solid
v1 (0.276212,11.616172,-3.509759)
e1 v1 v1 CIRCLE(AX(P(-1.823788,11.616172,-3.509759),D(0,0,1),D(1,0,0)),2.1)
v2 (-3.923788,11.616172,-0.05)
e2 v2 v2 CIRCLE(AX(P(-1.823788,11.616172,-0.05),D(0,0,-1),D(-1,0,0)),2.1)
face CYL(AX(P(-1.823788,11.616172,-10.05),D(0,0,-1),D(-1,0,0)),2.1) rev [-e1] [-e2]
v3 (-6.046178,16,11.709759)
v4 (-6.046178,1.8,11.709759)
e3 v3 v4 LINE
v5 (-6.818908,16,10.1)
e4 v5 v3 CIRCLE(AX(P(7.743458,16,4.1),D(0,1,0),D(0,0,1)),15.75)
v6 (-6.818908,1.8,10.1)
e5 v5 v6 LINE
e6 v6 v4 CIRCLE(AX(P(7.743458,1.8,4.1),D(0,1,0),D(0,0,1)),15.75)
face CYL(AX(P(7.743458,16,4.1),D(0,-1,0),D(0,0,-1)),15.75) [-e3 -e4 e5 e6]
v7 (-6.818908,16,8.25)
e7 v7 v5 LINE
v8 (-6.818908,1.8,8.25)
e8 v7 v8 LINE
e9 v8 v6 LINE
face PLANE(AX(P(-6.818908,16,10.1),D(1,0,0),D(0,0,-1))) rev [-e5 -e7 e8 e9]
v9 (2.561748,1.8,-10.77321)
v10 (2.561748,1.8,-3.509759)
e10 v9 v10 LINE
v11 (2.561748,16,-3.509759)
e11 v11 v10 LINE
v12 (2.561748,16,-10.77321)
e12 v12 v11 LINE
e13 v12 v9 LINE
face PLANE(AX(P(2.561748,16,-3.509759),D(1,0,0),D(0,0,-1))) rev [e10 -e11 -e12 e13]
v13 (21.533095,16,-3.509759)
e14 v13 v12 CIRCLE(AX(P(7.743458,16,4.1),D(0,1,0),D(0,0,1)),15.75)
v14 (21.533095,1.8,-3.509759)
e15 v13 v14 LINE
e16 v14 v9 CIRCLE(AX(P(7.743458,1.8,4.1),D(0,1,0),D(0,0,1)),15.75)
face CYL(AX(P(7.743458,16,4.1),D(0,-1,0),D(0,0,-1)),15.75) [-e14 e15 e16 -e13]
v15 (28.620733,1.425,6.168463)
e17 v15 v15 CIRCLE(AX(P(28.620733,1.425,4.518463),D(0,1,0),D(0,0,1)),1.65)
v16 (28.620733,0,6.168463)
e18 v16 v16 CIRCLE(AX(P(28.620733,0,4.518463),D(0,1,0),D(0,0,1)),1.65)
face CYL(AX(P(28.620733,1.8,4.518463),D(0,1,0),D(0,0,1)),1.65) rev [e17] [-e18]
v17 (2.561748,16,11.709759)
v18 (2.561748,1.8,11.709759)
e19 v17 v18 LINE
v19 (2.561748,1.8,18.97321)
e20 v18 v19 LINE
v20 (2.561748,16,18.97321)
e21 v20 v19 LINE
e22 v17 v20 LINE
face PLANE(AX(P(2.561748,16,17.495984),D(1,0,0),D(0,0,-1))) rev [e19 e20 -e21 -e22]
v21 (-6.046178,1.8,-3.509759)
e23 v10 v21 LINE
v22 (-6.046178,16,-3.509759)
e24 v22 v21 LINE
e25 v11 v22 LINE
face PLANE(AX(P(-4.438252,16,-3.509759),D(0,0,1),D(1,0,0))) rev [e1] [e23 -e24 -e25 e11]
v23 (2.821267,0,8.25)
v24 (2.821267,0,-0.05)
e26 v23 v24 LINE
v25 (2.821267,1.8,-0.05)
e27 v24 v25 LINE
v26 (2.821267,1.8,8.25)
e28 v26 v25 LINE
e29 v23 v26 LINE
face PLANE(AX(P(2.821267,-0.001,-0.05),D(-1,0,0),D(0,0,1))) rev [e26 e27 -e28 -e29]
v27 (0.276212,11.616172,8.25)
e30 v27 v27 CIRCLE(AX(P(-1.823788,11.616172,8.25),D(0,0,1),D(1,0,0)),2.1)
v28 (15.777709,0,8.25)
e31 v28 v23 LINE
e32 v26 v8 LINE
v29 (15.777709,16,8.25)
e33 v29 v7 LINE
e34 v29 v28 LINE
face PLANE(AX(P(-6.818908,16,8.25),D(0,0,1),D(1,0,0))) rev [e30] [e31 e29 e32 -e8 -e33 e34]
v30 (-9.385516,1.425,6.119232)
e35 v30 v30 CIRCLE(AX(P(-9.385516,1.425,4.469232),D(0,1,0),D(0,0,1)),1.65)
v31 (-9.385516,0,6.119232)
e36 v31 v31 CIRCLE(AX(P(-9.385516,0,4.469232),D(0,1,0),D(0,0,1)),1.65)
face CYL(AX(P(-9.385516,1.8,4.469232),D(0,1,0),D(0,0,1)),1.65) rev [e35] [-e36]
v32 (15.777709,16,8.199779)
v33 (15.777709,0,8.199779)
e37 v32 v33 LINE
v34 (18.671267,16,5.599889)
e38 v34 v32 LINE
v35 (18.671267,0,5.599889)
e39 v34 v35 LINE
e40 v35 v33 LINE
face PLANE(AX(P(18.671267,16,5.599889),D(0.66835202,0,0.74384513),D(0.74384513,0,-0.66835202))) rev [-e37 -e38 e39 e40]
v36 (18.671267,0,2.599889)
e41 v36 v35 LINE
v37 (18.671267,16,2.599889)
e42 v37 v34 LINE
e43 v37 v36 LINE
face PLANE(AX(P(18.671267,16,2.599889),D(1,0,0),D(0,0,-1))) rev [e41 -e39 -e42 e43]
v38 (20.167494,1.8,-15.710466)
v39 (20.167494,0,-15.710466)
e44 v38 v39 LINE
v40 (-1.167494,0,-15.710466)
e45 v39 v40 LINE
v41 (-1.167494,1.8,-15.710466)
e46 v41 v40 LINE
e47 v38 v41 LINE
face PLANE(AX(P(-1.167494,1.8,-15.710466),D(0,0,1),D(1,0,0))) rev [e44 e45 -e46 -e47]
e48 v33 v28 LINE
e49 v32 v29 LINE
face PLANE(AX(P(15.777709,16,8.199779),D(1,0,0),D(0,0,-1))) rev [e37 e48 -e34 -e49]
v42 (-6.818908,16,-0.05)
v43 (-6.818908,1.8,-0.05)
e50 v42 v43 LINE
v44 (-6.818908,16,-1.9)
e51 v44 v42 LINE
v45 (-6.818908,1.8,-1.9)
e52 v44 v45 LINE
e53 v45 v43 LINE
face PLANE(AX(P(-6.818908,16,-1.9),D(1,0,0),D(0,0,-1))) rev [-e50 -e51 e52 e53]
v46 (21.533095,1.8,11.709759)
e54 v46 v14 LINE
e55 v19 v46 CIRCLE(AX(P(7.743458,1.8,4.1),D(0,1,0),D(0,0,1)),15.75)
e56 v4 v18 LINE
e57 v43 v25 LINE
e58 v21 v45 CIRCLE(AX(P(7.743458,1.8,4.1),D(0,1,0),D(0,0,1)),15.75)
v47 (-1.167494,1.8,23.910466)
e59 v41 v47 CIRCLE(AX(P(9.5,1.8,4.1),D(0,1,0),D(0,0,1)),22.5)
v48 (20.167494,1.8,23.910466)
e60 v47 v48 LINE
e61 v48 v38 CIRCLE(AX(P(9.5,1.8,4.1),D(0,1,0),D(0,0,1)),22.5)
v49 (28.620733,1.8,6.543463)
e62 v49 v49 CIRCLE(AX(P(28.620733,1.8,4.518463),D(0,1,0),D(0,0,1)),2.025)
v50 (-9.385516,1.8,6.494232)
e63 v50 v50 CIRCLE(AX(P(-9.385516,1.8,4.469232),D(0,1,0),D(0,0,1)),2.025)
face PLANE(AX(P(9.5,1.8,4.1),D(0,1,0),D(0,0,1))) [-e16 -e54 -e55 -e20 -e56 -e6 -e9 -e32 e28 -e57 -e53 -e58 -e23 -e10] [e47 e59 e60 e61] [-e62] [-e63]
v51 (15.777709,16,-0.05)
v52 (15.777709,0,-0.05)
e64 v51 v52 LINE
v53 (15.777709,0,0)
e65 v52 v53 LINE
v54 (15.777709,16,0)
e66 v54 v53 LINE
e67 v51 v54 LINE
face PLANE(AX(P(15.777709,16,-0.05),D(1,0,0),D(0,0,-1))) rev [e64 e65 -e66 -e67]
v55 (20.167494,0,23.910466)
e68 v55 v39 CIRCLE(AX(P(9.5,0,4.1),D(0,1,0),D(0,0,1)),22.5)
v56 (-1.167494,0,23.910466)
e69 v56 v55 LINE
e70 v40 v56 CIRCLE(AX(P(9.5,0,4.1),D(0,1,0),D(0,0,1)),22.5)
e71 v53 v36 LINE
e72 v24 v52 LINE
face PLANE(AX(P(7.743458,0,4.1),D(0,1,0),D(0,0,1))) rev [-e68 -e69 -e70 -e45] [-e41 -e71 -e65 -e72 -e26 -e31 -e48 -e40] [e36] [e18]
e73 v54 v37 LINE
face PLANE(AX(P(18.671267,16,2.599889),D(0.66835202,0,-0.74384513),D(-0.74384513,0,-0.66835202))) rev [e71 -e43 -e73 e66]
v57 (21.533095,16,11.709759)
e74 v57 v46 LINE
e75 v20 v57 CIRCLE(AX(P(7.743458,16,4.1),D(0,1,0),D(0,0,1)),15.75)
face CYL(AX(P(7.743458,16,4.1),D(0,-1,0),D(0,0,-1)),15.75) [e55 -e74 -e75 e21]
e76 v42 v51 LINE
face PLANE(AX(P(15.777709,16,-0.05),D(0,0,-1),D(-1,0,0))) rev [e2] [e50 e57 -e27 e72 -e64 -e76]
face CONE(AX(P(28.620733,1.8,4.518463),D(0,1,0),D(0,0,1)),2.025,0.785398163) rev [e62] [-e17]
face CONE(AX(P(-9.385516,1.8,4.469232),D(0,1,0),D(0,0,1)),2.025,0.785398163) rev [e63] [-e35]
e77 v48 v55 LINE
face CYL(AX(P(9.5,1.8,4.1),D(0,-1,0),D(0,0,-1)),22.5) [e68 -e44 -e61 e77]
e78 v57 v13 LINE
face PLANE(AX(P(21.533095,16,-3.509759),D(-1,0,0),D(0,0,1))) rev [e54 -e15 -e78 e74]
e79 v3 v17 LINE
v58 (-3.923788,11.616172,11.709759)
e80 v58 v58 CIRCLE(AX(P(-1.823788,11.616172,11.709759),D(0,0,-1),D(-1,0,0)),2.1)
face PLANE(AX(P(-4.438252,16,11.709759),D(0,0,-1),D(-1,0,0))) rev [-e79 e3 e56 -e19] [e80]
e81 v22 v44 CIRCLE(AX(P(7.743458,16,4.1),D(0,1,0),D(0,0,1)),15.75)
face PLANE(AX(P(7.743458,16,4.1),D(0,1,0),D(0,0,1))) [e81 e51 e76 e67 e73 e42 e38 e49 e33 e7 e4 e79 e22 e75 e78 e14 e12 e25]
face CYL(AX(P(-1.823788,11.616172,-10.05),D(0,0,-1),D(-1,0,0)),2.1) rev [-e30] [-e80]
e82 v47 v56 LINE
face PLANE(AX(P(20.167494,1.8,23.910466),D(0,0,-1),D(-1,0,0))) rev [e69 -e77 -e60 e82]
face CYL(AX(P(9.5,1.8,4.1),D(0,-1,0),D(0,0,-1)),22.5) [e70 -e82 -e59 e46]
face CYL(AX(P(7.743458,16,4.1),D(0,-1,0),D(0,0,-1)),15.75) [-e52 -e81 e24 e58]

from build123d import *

# Parameters (mm, degrees)
BOSS_EXTRUDE1_DEPTH         = 16
BOSS_EXTRUDE2_DEPTH         = 1.8
M4_TAPPED_HOLE1_AT_2_COUNT  = 2
M4_TAPPED_HOLE1_AT_2_PITCH  = 38.006280301
M5_TAPPED_HOLE1_D           = 4.2
M5_TAPPED_HOLE1_CSINK_D     = 5.05
M5_TAPPED_HOLE1_CSINK_ANGLE = 90
CUT_EXTRUDE1_REACH          = 45.032


with BuildPart() as part:
    # Sketch2 → Boss-Extrude1 (new body)
    with BuildSketch(Plane(origin=(0, 0, 0), x_dir=(1, 0, 0), z_dir=(0, 1, 0))):
        with BuildLine():
            Line((2.56174761, 3.509758774), (-4.43825239, 3.509758774))
            Line((-4.43825239, 3.509758774), (-6.046178238, 3.509758774))
            ThreePointArc((-6.046178238, 3.509758774), (-6.455374166, 2.715838994), (-6.818907741, 1.9))
            Line((-6.818907741, 1.9), (-6.818907741, 0.05))
            Line((-6.818907741, 0.05), (-5.306541861, 0.05))
            Line((-5.306541861, 0.05), (15.777709192, 0.05))
            Line((15.777709192, 0.05), (15.777709192, 0))
            Line((15.777709192, 0), (18.671266747, -2.599889358))
            Line((18.671266747, -2.599889358), (18.671266747, -5.599889358))
            Line((18.671266747, -5.599889358), (15.777709192, -8.199778717))
            Line((15.777709192, -8.199778717), (15.777709192, -8.25))
            Line((15.777709192, -8.25), (-5.306541861, -8.25))
            Line((-5.306541861, -8.25), (-6.818907741, -8.25))
            Line((-6.818907741, -8.25), (-6.818907741, -10.1))
            ThreePointArc((-6.818907741, -10.1), (-6.455374166, -10.915838994), (-6.046178238, -11.709758774))
            Line((-6.046178238, -11.709758774), (-4.43825239, -11.709758774))
            Line((-4.43825239, -11.709758774), (2.56174761, -11.709758774))
            Line((2.56174761, -11.709758774), (2.56174761, -17.495983577))
            Line((2.56174761, -17.495983577), (2.56174761, -18.97321001))
            ThreePointArc((2.56174761, -18.97321001), (13.37493466, -18.80880594), (21.533094515, -11.709758774))
            Line((21.533094515, -11.709758774), (21.533094515, 3.509758774))
            ThreePointArc((21.533094515, 3.509758774), (13.37493466, 10.60880594), (2.56174761, 10.77321001))
            Line((2.56174761, 10.77321001), (2.56174761, 9.295983577))
            Line((2.56174761, 9.295983577), (2.56174761, 3.509758774))
        make_face()
    extrude(amount=BOSS_EXTRUDE1_DEPTH)

    # Sketch4 → Boss-Extrude2 (add)
    with BuildSketch(Plane(origin=(0, 0, 0), x_dir=(1, 0, 0), z_dir=(0, 1, 0))):
        with BuildLine():
            Line((-1.167494267, 15.710466074), (20.167494267, 15.710466074))
            ThreePointArc((20.167494267, 15.710466074), (32, -4.1), (20.167494267, -23.910466074))
            Line((20.167494267, -23.910466074), (-1.167494267, -23.910466074))
            ThreePointArc((-1.167494267, -23.910466074), (-13, -4.1), (-1.167494267, 15.710466074))
        make_face()
    extrude(amount=BOSS_EXTRUDE2_DEPTH)

    # Sketch8 → M4 Tapped Hole1 (revolve, cut)
    with BuildSketch(Plane(origin=(28.620732779, 1.8, 4.51846258), x_dir=(0, 0, 1), z_dir=(1, 0, 0))):
        Polygon((0, 0), (0, 1.8), (1.65, 1.8), (1.65, 0.375), (2.025, 0), align=None)
    m4_tapped_hole1 = revolve(axis=Axis((28.620732779, 8.15, 4.51846258), (0, -1, 0)), mode=Mode.SUBTRACT)

    # M4 Tapped Hole1 at 2: M4 Tapped Hole1 ×2
    with Locations(*[Vector(-0.9999991610523592, 0, -0.001295335700845017) * (i * M4_TAPPED_HOLE1_AT_2_PITCH) for i in range(1, M4_TAPPED_HOLE1_AT_2_COUNT)]):
        add(m4_tapped_hole1, mode=Mode.SUBTRACT)

    # M5 Tapped Hole1 (through all)
    with Locations(Plane(origin=(0, 0, -10.05), x_dir=(1, 0, 0), z_dir=(0, 0, -1))):
        with Locations((-1.823787651, -11.616172117)):
            CounterSinkHole(M5_TAPPED_HOLE1_D / 2, M5_TAPPED_HOLE1_CSINK_D / 2, counter_sink_angle=M5_TAPPED_HOLE1_CSINK_ANGLE)

    # Sketch25 → Cut-Extrude1 (cut, up to next)
    with BuildSketch(Plane(origin=(0, 16, 0), x_dir=(1, 0, 0), z_dir=(0, 1, 0)), mode=Mode.PRIVATE) as cut_extrude1_sk1:
        Polygon((15.777709192, 0), (18.671266747, -2.599889358), (18.671266747, -5.599889358), (15.777709192, -8.199778717), (15.777709192, -8.25), (2.821266747, -8.25), (2.821266747, 0.05), (15.777709192, 0.05), align=None)
    cut_extrude1_tool1 = extrude(cut_extrude1_sk1.sketch, amount=-CUT_EXTRUDE1_REACH, mode=Mode.PRIVATE) & part.part
    add(cut_extrude1_tool1.solids().sort_by_distance((10.307921, 16, 4.099986))[0], mode=Mode.SUBTRACT)


solid = part.part
